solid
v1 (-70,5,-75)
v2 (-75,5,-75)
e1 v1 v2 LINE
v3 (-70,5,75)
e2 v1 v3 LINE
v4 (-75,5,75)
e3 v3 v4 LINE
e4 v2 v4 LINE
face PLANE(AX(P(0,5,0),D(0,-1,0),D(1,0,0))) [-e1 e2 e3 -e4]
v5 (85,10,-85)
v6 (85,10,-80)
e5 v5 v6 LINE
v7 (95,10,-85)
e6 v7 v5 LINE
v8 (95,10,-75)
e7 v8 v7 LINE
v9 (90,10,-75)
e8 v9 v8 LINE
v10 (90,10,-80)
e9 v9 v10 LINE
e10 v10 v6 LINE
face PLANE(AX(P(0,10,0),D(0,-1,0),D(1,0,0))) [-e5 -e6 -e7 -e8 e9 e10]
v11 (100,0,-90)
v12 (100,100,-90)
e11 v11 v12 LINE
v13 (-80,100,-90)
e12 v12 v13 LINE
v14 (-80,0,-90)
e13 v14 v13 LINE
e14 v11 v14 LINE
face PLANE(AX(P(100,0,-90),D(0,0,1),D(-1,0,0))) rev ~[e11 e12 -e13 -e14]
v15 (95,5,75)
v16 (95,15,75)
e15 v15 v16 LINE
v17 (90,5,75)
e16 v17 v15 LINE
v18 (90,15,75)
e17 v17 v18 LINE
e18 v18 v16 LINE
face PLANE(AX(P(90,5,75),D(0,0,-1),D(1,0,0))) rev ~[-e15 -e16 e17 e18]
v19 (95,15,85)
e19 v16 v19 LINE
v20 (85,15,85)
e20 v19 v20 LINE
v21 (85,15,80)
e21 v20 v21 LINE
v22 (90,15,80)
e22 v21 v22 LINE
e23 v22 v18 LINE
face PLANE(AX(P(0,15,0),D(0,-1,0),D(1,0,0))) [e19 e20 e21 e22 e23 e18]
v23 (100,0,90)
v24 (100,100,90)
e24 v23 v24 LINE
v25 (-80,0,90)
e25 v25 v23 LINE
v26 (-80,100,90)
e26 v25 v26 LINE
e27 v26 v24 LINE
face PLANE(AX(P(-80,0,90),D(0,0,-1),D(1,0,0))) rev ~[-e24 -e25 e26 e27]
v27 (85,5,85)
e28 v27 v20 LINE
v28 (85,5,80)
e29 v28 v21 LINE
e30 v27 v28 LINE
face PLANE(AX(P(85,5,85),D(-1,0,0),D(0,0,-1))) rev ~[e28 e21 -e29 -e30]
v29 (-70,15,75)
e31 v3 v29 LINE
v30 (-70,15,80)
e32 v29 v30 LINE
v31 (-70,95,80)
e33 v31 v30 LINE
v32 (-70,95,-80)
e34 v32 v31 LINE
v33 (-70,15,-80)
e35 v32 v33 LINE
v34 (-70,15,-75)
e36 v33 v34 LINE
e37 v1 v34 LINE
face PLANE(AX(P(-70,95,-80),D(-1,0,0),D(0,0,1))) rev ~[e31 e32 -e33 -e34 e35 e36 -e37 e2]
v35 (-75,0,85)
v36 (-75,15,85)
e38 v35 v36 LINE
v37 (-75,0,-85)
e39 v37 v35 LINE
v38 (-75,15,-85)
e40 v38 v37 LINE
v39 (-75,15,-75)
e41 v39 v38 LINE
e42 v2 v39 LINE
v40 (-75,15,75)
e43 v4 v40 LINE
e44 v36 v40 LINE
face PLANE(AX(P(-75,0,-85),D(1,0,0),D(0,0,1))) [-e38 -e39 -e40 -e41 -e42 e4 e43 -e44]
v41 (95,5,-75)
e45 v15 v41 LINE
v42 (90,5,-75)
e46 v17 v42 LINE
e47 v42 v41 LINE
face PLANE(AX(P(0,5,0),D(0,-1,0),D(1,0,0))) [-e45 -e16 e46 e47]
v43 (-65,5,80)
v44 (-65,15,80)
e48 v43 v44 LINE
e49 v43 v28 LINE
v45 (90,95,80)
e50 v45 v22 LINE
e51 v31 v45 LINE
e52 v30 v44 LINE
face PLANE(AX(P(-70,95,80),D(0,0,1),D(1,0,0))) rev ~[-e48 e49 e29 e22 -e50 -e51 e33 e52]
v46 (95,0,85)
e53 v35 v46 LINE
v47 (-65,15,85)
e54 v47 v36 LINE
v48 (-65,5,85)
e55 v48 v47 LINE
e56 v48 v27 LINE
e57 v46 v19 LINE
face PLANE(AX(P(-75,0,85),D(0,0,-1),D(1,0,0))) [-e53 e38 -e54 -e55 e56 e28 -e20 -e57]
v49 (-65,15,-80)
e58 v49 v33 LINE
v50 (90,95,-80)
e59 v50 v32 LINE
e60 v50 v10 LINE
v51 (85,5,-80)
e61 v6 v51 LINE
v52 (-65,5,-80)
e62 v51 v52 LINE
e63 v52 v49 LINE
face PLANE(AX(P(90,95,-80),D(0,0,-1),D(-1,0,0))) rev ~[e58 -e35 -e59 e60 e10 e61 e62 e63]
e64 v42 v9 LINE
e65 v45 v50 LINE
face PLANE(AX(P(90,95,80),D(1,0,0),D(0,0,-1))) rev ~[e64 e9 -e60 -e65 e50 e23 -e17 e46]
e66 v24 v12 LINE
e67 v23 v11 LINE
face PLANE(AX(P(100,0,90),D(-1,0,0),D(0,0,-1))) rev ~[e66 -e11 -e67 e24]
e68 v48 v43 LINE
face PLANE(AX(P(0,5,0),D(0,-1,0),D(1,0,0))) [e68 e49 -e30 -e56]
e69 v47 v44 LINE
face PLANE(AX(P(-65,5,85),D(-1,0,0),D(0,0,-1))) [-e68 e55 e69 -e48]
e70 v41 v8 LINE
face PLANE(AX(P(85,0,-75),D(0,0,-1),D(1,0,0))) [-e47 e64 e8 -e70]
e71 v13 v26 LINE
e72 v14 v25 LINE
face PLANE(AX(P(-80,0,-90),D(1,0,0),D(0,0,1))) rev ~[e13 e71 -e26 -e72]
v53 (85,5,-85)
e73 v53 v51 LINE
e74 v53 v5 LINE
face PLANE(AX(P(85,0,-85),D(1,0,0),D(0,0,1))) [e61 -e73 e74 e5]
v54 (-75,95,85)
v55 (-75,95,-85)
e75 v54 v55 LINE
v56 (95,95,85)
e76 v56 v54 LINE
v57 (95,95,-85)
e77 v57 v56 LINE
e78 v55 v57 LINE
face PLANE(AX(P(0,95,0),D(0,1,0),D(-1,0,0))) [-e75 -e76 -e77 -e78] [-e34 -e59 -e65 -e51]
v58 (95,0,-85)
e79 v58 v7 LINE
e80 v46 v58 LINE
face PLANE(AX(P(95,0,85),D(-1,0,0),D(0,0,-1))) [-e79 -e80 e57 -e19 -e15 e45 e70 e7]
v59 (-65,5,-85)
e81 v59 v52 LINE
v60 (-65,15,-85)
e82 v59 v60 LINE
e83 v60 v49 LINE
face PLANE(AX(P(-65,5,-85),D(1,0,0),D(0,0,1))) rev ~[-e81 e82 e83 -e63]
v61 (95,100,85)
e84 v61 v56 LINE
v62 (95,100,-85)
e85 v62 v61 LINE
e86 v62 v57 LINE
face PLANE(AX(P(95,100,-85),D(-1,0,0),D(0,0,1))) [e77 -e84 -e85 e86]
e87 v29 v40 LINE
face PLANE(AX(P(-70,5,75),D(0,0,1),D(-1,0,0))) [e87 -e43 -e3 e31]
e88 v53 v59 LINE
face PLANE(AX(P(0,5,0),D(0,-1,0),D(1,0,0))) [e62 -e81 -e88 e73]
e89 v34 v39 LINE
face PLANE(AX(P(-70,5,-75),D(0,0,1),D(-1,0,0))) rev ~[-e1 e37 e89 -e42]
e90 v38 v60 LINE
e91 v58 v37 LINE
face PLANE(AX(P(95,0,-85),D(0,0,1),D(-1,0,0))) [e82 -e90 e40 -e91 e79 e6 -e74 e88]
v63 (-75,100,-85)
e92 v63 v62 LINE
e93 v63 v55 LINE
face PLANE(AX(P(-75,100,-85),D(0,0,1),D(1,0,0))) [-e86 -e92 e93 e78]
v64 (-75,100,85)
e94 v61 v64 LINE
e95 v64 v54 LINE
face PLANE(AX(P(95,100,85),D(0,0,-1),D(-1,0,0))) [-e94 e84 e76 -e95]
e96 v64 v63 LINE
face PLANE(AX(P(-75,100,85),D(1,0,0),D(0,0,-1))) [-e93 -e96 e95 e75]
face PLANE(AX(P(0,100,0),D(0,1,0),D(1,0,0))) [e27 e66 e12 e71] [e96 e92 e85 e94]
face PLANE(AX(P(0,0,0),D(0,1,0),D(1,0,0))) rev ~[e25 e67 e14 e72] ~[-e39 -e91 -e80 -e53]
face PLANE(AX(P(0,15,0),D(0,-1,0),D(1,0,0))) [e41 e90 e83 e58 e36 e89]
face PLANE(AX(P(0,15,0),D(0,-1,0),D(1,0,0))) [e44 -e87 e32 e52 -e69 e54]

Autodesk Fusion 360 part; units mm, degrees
sketch "Sketch2" plane through (0, 0, 0) normal (0, 1, 0) x (1, 0, 0)
  line L0 (-80, -90) -> (100, -90)
  line L1 (100, -90) -> (100, 90)
  line L2 (100, 90) -> (-80, 90)
  line L3 (-80, 90) -> (-80, -90)
  dimension "d3" = 180
  dimension "d4" = 180
extrude "Extrude1" add sketch "Sketch2" along normal blind 100
sketch "Sketch3" plane through (0, 100, 0) normal (0, 1, 0) x (-1, 0, 0)
  line L0 (80, -90) -> (80, 90)
  line L1 (80, 90) -> (-100, 90)
  line L2 (-100, 90) -> (-100, -90)
  line L3 (-100, -90) -> (80, -90)
  line L4 (75, -85) -> (-95, -85)
  line L5 (-95, -85) -> (-95, 85)
  line L6 (-95, 85) -> (75, 85)
  line L7 (75, 85) -> (75, -85)
extrude "Extrude2" cut sketch "Sketch3" against normal blind 5 contours L4 L5 L6 L7
sketch "Sketch4" plane through (0, 95, 0) normal (0, 1, 0) x (-1, 0, 0)
  line L0 (75, 85) -> (-95, 85)
  line L1 (-95, 85) -> (-95, -85)
  line L2 (-95, -85) -> (75, -85)
  line L3 (75, -85) -> (75, 85)
  line L4 (70, 80) -> (-90, 80)
  line L5 (-90, 80) -> (-90, -80)
  line L6 (-90, -80) -> (70, -80)
  line L7 (70, -80) -> (70, 80)
extrude "Extrude3" cut sketch "Sketch4" against normal blind 175 contours L4 L5 L6 L7
sketch "Sketch5" plane through (0, 0, 0) normal (0, -1, 0) x (1, 0, 0)
  line L0 (-70, 80) -> (90, 80)
  line L1 (90, 80) -> (90, -80)
  line L2 (90, -80) -> (-70, -80)
  line L3 (-70, -80) -> (-70, 80)
  line L4 (-80, 90) -> (-80, -90)
  line L5 (-80, -90) -> (100, -90)
  line L6 (100, -90) -> (100, 90)
  line L7 (100, 90) -> (-80, 90)
  line L8 (95, -85) -> (-75, -85)
  line L9 (-75, -85) -> (-75, 85)
  line L10 (-75, 85) -> (95, 85)
  line L11 (95, 85) -> (95, -85)
  point P0 (95, -85)
  point P1 (-75, 85)
extrude "Extrude4" cut sketch "Sketch5" against normal blind 5 contours L8 L9 L10 L11
sketch "Sketch6" plane through (0, 0, 0) normal (0, -1, 0) x (1, 0, 0)
  line L0 (-75, -85) -> (-75, 85)
  line L1 (-75, 85) -> (95, 85)
  line L2 (95, 85) -> (95, -85)
  line L3 (95, -85) -> (-75, -85)
  line L4 (-80, 90) -> (-80, -90)
  line L5 (-80, -90) -> (100, -90)
  line L6 (100, -90) -> (100, 90)
  line L7 (100, 90) -> (-80, 90)
  line L8 (95, -85) -> (85, -85)
  line L9 (85, -85) -> (85, -75)
  line L10 (85, -75) -> (95, -75)
  line L11 (95, -75) -> (95, -85)
  dimension "d13" = 10
extrude "Extrude5" cut sketch "Sketch6" against normal blind 10 contours L2 L3 L8 L9 L10 L11
sketch "Sketch7" plane through (0, 5, 0) normal (0, -1, 0) x (1, 0, 0)
  line L0 (90, -75) -> (95, -75)
  line L1 (95, -75) -> (95, 85)
  line L2 (95, 85) -> (-75, 85)
  line L3 (-75, 85) -> (-75, -85)
  line L4 (-75, -85) -> (85, -85)
  line L5 (85, -85) -> (85, -80)
  line L6 (85, -80) -> (-70, -80)
  line L7 (-70, -80) -> (-70, 80)
  line L8 (-70, 80) -> (90, 80)
  line L9 (90, 80) -> (90, -75)
  line L10 (95, 85) -> (85, 85)
  line L11 (85, 85) -> (85, 75)
  line L12 (85, 75) -> (95, 75)
  line L13 (95, 75) -> (95, 85)
extrude "Extrude6" cut sketch "Sketch7" against normal blind 10 contours L1 L2 L8 L9 L10 L11 L12 L13
sketch "Sketch8" plane through (0, 5, 0) normal (0, -1, 0) x (1, 0, 0)
  line L0 (85, 80) -> (85, 85)
  line L1 (85, 85) -> (-75, 85)
  line L2 (-75, 85) -> (-75, -85)
  line L3 (-75, -85) -> (85, -85)
  line L4 (85, -85) -> (85, -80)
  line L5 (85, -80) -> (-70, -80)
  line L6 (-70, -80) -> (-70, 80)
  line L7 (-70, 80) -> (85, 80)
  line L8 (-75, -85) -> (-65, -85)
  line L9 (-65, -85) -> (-65, -75)
  line L10 (-65, -75) -> (-75, -75)
  line L11 (-75, -75) -> (-75, -85)
extrude "Extrude7" cut sketch "Sketch8" against normal blind 10 contours L2 L3 L5 L6 L8 L9 L10 L11
sketch "Sketch9" plane through (0, 5, 0) normal (0, -1, 0) x (1, 0, 0)
  line L0 (-75, -75) -> (-70, -75)
  line L1 (-70, -75) -> (-70, 80)
  line L2 (-70, 80) -> (85, 80)
  line L3 (85, 80) -> (85, 85)
  line L4 (85, 85) -> (-75, 85)
  line L5 (-75, 85) -> (-75, -75)
  line L6 (-75, 85) -> (-65, 85)
  line L7 (-65, 85) -> (-65, 75)
  line L8 (-65, 75) -> (-75, 75)
  line L9 (-75, 75) -> (-75, 85)
extrude "Extrude8" cut sketch "Sketch9" against normal blind 10 contours L1 L2 L4 L5 L6 L7 L8 L9
sketch "Sketch11" plane through (-75, 0, 0) normal (1, 0, 0) x (0, 0, -1)
  line L0 (85, 100) -> (-85, 100)
  line L1 (-85, 100) -> (-85, 95)
  line L2 (-85, 95) -> (85, 95)
  line L3 (85, 95) -> (85, 100)
